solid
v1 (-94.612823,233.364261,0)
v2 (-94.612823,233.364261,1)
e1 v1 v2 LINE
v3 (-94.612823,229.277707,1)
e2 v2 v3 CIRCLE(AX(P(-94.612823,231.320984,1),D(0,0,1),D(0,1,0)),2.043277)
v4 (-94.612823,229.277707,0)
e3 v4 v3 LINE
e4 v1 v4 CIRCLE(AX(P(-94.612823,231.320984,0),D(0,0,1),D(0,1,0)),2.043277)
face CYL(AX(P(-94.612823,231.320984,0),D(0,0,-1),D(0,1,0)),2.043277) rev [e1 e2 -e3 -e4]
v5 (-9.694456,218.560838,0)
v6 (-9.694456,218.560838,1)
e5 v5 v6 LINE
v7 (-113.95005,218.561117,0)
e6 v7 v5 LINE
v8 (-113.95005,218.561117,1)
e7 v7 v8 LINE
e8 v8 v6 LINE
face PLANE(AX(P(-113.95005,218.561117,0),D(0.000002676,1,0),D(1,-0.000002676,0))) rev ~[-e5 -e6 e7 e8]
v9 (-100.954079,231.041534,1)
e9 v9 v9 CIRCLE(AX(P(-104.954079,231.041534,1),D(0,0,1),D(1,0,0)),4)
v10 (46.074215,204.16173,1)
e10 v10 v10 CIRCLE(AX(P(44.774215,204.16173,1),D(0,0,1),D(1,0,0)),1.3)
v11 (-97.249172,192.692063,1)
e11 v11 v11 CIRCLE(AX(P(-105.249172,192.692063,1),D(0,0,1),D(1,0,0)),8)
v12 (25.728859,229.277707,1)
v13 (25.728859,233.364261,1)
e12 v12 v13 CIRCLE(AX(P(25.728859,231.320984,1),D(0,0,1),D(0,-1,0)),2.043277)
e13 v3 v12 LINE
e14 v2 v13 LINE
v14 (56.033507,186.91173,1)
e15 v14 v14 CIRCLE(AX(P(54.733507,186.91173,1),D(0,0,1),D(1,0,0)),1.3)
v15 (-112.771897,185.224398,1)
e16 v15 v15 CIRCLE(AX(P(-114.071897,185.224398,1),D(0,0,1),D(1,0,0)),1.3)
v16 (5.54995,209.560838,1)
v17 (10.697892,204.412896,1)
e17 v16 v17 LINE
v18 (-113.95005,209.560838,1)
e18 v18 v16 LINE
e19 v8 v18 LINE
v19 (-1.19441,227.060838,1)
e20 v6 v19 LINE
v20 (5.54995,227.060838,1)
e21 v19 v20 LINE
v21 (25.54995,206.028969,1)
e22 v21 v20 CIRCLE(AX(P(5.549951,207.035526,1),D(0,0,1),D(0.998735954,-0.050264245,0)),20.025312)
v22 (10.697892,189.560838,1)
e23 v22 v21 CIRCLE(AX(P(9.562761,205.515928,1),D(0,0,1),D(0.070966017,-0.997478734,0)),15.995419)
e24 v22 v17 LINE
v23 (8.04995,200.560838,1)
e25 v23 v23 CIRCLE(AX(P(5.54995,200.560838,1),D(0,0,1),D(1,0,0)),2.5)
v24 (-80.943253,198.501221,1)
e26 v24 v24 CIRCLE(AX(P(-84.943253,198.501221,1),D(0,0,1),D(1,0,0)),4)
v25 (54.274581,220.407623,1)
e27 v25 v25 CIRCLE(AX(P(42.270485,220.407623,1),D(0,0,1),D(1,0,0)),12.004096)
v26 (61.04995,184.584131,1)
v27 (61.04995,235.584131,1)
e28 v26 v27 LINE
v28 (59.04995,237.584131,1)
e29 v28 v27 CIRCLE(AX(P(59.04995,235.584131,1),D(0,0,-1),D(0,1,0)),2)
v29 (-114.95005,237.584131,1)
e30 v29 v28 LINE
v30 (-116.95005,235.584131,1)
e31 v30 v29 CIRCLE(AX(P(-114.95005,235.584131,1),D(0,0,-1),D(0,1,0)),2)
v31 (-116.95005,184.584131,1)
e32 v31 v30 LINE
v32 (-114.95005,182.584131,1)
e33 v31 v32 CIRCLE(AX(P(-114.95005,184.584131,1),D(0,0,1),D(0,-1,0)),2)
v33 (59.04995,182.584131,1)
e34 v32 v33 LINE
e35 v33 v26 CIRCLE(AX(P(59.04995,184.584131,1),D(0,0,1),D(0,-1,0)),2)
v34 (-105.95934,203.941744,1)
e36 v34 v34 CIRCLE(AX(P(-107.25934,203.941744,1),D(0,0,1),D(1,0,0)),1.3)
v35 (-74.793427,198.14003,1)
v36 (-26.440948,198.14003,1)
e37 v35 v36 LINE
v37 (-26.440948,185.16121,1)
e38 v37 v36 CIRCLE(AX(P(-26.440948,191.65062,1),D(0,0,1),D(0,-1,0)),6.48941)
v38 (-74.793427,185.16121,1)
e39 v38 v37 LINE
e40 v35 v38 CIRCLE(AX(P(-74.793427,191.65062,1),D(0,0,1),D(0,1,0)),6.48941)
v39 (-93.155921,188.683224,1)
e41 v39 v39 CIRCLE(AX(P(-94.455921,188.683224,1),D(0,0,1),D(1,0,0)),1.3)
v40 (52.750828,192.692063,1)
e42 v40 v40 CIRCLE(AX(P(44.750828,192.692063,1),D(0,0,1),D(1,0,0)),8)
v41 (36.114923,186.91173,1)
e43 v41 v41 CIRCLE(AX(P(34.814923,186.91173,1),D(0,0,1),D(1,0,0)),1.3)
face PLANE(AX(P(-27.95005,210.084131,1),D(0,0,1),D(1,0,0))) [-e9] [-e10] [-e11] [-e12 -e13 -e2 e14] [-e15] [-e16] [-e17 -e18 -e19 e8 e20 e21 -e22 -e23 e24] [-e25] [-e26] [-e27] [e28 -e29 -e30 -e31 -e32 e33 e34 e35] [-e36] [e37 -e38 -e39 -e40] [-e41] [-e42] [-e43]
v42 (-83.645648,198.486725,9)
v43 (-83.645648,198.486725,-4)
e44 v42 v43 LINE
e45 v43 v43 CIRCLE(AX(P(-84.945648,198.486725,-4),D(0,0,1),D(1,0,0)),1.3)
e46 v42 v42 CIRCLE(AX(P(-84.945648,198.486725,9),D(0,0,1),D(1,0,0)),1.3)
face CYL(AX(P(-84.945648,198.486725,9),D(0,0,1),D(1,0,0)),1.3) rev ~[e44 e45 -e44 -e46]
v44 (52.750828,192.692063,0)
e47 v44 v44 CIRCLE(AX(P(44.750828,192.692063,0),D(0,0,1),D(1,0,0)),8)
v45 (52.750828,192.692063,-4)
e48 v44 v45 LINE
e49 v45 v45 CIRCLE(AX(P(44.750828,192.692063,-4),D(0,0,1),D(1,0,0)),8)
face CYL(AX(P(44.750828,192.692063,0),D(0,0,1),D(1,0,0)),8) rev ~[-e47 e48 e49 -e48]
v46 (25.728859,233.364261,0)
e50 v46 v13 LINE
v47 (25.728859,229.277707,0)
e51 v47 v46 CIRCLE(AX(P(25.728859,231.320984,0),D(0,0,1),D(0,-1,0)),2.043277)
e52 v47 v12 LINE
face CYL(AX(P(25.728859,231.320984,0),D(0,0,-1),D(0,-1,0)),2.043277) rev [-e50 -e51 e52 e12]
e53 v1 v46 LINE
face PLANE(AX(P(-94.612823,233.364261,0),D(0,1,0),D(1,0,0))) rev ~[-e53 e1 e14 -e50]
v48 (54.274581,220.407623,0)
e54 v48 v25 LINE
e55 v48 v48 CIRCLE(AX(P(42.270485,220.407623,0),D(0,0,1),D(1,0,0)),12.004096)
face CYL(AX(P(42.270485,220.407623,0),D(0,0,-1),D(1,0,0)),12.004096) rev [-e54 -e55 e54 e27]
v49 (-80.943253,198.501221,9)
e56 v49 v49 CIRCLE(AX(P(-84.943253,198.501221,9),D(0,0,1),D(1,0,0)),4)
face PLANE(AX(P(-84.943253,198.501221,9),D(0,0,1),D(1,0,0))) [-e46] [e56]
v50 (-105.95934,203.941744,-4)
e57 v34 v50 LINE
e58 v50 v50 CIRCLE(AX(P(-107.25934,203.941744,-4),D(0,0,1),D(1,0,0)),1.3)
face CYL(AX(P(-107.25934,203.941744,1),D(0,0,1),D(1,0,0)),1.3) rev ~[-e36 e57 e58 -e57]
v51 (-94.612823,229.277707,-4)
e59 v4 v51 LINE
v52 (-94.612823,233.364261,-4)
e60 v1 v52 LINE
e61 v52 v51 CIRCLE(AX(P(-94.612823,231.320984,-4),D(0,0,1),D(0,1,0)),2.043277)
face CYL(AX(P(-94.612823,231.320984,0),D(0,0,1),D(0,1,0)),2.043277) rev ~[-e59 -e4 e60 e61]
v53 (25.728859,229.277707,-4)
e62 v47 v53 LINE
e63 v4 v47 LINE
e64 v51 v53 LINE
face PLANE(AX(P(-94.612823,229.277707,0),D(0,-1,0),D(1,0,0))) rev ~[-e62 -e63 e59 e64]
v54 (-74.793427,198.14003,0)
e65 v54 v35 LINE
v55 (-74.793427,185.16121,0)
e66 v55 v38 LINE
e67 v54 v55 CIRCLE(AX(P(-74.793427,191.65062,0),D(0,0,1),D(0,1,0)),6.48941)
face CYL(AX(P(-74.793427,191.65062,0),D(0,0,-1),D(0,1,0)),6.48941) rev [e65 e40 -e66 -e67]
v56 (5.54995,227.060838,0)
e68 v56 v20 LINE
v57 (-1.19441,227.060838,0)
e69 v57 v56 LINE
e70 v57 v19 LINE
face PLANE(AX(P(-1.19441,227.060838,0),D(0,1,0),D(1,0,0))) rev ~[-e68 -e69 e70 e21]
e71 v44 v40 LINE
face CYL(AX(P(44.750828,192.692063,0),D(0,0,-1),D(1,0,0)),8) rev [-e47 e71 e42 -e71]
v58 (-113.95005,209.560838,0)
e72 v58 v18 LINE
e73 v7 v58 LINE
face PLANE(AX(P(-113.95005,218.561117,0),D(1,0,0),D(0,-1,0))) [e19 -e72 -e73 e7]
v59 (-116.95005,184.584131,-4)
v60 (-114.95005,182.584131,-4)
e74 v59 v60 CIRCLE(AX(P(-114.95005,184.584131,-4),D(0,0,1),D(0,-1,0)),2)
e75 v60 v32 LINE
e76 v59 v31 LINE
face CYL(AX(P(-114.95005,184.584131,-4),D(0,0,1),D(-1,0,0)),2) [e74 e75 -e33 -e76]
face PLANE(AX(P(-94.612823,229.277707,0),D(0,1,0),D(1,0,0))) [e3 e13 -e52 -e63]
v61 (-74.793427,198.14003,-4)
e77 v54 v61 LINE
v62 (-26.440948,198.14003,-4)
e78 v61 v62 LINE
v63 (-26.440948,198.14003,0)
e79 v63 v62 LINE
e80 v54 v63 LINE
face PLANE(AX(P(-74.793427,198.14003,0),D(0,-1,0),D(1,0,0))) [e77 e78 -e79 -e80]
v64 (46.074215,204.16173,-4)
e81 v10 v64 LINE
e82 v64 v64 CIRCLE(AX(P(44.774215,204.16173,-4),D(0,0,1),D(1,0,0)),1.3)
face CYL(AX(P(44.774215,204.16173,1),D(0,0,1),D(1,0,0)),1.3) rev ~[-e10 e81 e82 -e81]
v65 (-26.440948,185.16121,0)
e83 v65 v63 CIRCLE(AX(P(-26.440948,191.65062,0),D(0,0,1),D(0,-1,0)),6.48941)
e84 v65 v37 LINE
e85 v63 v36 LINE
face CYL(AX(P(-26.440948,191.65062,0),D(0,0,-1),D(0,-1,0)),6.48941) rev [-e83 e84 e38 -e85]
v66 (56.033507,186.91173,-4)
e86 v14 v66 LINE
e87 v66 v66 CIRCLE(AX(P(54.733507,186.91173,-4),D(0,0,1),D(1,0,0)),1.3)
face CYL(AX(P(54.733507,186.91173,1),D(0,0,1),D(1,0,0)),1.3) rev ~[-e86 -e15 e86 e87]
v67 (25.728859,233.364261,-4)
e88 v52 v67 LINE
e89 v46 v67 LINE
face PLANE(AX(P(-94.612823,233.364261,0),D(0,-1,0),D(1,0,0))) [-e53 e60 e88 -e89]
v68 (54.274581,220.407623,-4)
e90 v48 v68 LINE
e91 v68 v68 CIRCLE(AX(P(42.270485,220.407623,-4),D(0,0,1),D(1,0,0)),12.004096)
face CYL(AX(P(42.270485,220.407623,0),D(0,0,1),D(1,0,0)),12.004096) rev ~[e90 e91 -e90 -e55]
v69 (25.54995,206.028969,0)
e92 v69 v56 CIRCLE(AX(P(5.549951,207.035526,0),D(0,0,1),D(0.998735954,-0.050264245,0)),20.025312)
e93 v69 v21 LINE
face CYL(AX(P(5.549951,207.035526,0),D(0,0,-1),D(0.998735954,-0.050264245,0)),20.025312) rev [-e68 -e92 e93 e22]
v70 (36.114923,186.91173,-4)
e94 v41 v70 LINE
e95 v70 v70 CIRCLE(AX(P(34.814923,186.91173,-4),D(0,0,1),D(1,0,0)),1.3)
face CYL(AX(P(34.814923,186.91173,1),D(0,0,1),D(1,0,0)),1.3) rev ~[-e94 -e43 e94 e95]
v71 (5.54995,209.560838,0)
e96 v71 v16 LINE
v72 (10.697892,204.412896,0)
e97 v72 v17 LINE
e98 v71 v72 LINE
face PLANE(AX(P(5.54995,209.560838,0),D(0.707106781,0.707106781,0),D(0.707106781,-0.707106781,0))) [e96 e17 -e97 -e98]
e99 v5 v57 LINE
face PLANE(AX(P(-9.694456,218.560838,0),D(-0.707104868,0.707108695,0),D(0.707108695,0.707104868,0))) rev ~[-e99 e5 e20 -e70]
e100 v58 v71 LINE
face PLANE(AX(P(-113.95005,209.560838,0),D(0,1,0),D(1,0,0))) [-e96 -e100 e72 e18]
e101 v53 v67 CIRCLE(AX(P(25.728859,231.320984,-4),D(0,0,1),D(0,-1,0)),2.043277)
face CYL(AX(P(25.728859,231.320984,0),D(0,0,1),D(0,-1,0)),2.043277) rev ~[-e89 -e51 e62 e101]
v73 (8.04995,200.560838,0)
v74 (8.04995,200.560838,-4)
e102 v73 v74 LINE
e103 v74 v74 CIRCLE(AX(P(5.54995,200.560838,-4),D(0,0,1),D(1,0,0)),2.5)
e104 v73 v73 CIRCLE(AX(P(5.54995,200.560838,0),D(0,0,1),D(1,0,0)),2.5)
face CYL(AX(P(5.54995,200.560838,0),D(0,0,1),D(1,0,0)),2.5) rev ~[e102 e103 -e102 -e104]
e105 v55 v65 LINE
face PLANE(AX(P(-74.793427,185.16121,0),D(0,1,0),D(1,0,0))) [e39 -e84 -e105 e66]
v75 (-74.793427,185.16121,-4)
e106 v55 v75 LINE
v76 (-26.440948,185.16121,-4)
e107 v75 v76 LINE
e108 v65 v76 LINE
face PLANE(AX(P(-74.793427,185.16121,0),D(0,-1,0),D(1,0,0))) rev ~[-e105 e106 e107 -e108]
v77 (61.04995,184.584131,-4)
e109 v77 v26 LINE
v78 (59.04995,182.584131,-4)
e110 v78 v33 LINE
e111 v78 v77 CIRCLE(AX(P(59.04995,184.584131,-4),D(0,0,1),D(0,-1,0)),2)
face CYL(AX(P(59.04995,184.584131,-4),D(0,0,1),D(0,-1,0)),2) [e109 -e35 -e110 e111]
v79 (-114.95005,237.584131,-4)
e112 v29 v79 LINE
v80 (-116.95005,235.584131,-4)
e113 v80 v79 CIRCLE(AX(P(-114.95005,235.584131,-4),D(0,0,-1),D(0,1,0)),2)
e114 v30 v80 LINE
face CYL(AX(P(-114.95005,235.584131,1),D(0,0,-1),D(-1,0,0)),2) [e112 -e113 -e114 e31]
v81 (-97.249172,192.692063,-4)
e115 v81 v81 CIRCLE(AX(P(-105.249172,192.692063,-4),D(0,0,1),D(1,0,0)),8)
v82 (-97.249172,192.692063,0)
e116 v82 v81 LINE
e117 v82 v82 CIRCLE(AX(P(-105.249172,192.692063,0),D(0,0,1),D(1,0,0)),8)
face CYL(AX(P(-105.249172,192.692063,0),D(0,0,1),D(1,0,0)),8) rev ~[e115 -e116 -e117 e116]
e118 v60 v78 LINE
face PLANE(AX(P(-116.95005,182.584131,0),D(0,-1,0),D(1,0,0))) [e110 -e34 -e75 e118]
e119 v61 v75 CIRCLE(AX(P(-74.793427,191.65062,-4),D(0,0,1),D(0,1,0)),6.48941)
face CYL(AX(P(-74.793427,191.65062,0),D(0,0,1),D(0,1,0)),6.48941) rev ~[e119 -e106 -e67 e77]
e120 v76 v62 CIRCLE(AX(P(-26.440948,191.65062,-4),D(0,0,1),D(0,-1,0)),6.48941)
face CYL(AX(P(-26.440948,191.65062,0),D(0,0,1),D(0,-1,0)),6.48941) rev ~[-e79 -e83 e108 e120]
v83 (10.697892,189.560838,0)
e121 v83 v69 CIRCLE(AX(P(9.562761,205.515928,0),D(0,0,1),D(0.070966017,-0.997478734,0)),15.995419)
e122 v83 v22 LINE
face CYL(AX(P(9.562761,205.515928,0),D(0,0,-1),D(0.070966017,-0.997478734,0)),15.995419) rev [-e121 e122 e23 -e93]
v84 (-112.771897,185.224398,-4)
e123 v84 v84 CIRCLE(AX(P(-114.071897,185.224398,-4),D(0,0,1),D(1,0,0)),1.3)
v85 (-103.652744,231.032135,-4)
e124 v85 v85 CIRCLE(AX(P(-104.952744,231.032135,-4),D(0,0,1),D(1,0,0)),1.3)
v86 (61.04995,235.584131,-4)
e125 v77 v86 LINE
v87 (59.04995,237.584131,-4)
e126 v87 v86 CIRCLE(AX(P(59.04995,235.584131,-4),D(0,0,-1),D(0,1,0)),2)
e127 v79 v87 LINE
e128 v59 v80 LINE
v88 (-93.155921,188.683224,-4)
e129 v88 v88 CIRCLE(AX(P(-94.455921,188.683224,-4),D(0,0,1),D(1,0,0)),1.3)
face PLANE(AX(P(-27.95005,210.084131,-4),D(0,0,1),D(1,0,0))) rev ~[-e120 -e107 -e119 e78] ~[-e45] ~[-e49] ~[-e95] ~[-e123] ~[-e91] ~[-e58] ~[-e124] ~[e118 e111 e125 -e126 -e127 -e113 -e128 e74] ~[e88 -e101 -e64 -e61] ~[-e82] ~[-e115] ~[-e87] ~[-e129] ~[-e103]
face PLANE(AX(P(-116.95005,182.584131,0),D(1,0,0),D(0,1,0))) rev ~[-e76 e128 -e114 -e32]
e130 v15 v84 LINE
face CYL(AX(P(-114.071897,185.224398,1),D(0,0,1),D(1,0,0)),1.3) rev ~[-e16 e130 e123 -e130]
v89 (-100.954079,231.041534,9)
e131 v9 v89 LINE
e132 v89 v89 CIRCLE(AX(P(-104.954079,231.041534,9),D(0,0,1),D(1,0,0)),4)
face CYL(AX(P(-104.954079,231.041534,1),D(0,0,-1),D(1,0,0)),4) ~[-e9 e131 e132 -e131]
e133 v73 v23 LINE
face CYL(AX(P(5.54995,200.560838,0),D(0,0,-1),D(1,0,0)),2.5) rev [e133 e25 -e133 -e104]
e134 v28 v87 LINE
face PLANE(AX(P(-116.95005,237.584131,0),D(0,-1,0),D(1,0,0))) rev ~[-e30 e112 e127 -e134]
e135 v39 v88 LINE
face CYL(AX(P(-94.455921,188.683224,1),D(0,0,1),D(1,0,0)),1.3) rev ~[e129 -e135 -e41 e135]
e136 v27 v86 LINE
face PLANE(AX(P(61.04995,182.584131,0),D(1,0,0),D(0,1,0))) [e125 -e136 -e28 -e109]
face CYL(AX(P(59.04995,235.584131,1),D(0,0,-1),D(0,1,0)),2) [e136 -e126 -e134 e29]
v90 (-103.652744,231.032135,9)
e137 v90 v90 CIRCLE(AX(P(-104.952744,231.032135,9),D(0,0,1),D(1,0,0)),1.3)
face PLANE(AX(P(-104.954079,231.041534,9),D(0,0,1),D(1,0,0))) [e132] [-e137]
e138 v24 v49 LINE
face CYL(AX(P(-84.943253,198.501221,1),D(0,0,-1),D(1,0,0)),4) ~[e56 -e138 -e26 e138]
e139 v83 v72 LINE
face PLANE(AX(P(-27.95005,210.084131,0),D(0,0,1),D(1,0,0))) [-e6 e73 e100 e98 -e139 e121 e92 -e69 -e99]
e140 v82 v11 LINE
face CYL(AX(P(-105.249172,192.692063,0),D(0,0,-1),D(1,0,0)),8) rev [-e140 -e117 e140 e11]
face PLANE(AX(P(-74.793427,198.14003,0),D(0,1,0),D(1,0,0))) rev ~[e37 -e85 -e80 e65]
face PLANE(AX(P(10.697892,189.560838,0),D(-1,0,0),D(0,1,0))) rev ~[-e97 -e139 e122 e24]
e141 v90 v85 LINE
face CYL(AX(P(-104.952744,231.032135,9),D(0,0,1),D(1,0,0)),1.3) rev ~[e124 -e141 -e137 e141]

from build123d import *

# Parameters (mm, degrees)
SKETCH001_W     = 178
SKETCH001_H     = 55
SKETCH001_R     = 2.5
SKETCH001_R_2   = 8
SKETCH001_R_3   = 12.004096
PAD_DEPTH       = 1
SKETCH004_R     = 1.3
POCKET_DEPTH    = 9
SKETCH003_R     = 4
PAD001_DEPTH    = 8
SKETCH006_W     = 178
SKETCH006_H     = 55
SKETCH006_R     = 2.5
SKETCH006_R_2   = 8
SKETCH006_R_3   = 12.004096
PAD002_DEPTH    = 4
SKETCH_R        = 1.3
POCKET001_DEPTH = 13.001
SKETCH007_R     = 1.3
POCKET002_DEPTH = 5.001
FILLET_R        = 2


with BuildPart() as part:
    # Sketch001 → Pad (new body)
    with BuildSketch(Plane.XY):
        with Locations((-27.95005, 210.084131)):
            Rectangle(SKETCH001_W, SKETCH001_H)
        with Locations((5.54995, 200.560838)):
            Circle(SKETCH001_R, mode=Mode.SUBTRACT)
        with Locations((-105.249172, 192.692063)):
            Circle(SKETCH001_R_2, mode=Mode.SUBTRACT)
        with Locations((44.750828, 192.692063)):
            Circle(SKETCH001_R_2, mode=Mode.SUBTRACT)
        with Locations((42.270485, 220.407623)):
            Circle(SKETCH001_R_3, mode=Mode.SUBTRACT)
        with BuildLine():
            ThreePointArc((25.54995, 206.028969), (20.061493, 220.835101), (5.54995, 227.060838))
            Line((-1.19441, 227.060838), (5.54995, 227.060838))
            Line((-9.694456, 218.560838), (-1.19441, 227.060838))
            Line((-113.95005, 218.561117), (-9.694456, 218.560838))
            Line((-113.95005, 218.561117), (-113.95005, 209.560838))
            Line((-113.95005, 209.560838), (-9.618024, 209.560838))
            Line((-9.618024, 209.560838), (5.54995, 209.560838))
            Line((5.54995, 209.560838), (10.697892, 204.412896))
            Line((10.697892, 189.560838), (10.697892, 204.412896))
            ThreePointArc((10.697892, 189.560838), (21.441031, 194.803313), (25.54995, 206.028969))
        make_face(mode=Mode.SUBTRACT)
        with BuildLine():
            ThreePointArc((-74.793427, 198.14003), (-81.282837, 191.65062), (-74.793427, 185.16121))
            Line((-74.793427, 185.16121), (-26.440948, 185.16121))
            ThreePointArc((-26.440948, 185.16121), (-19.951538, 191.65062), (-26.440948, 198.14003))
            Line((-74.793427, 198.14003), (-26.440948, 198.14003))
        make_face(mode=Mode.SUBTRACT)
        with BuildLine():
            ThreePointArc((-94.612823, 233.364261), (-96.6561, 231.320984), (-94.612823, 229.277707))
            Line((-94.612823, 229.277707), (25.728859, 229.277707))
            ThreePointArc((25.728859, 229.277707), (27.772136, 231.320984), (25.728859, 233.364261))
            Line((-94.612823, 233.364261), (25.728859, 233.364261))
        make_face(mode=Mode.SUBTRACT)
    extrude(amount=PAD_DEPTH)

    # Sketch004 → Pocket (cut)
    with BuildSketch(Plane.XY.offset(10)):
        with Locations((-84.917816, 197.526398)):
            Circle(SKETCH004_R)
        with Locations((-104.937256, 231.505722)):
            Circle(SKETCH004_R)
    extrude(amount=-POCKET_DEPTH, mode=Mode.SUBTRACT)

    # Sketch003 (on Face28 of Pad) → Pad001 (join)
    with BuildSketch(Plane.XY.offset(1)):
        with Locations((-84.943253, 198.501221)):
            Circle(SKETCH003_R)
        with Locations((-104.954079, 231.041534)):
            Circle(SKETCH003_R)
    extrude(amount=PAD001_DEPTH)

    # Sketch006 → Pad002 (join)
    with BuildSketch(Plane.XY):
        with Locations((-27.95005, 210.084131)):
            Rectangle(SKETCH006_W, SKETCH006_H)
        with Locations((5.54995, 200.560838)):
            Circle(SKETCH006_R, mode=Mode.SUBTRACT)
        with Locations((-105.249172, 192.692063)):
            Circle(SKETCH006_R_2, mode=Mode.SUBTRACT)
        with Locations((44.750828, 192.692063)):
            Circle(SKETCH006_R_2, mode=Mode.SUBTRACT)
        with Locations((42.270485, 220.407623)):
            Circle(SKETCH006_R_3, mode=Mode.SUBTRACT)
        with BuildLine():
            ThreePointArc((-74.793427, 198.14003), (-81.282837, 191.65062), (-74.793427, 185.16121))
            Line((-74.793427, 185.16121), (-26.440948, 185.16121))
            ThreePointArc((-26.440948, 185.16121), (-19.951538, 191.65062), (-26.440948, 198.14003))
            Line((-74.793427, 198.14003), (-26.440948, 198.14003))
        make_face(mode=Mode.SUBTRACT)
        with BuildLine():
            ThreePointArc((-94.612823, 233.364261), (-96.6561, 231.320984), (-94.612823, 229.277707))
            Line((-94.612823, 229.277707), (25.728859, 229.277707))
            ThreePointArc((25.728859, 229.277707), (27.772136, 231.320984), (25.728859, 233.364261))
            Line((-94.612823, 233.364261), (25.728859, 233.364261))
        make_face(mode=Mode.SUBTRACT)
    extrude(amount=-PAD002_DEPTH)

    # Sketch (on Face48 of Pad002) → Pocket001 (cut, through all)
    with BuildSketch(Plane.XY.offset(9)):
        with Locations((-84.945648, 198.486725)):
            Circle(SKETCH_R)
        with Locations((-104.952744, 231.032135)):
            Circle(SKETCH_R)
    extrude(amount=-POCKET001_DEPTH, mode=Mode.SUBTRACT)

    # Sketch007 → Pocket002 (cut, through all)
    with BuildSketch(Plane.XY.offset(1)):
        with Locations((44.774215, 204.16173)):
            Circle(SKETCH007_R)
        with Locations((34.814923, 186.91173)):
            Circle(SKETCH007_R)
        with Locations((54.733507, 186.91173)):
            Circle(SKETCH007_R)
        with Locations((-107.25934, 203.941744)):
            Circle(SKETCH007_R)
        with Locations((-114.071897, 185.224398)):
            Circle(SKETCH007_R)
        with Locations((-94.455921, 188.683224)):
            Circle(SKETCH007_R)
    extrude(amount=-POCKET002_DEPTH, mode=Mode.SUBTRACT)

    # Fillet
    fillet_edges = [part.edges().sort_by_distance(p)[0] for p in [
        (-116.95005, 237.584131, -2),
        (-116.95005, 237.584131, 0.5),
        (61.04995, 237.584131, -2),
        (61.04995, 237.584131, 0.5),
        (61.04995, 182.584131, -2),
        (61.04995, 182.584131, 0.5),
        (-116.95005, 182.584131, -2),
        (-116.95005, 182.584131, 0.5),
    ]]
    fillet(fillet_edges, radius=FILLET_R)


solid = part.part
